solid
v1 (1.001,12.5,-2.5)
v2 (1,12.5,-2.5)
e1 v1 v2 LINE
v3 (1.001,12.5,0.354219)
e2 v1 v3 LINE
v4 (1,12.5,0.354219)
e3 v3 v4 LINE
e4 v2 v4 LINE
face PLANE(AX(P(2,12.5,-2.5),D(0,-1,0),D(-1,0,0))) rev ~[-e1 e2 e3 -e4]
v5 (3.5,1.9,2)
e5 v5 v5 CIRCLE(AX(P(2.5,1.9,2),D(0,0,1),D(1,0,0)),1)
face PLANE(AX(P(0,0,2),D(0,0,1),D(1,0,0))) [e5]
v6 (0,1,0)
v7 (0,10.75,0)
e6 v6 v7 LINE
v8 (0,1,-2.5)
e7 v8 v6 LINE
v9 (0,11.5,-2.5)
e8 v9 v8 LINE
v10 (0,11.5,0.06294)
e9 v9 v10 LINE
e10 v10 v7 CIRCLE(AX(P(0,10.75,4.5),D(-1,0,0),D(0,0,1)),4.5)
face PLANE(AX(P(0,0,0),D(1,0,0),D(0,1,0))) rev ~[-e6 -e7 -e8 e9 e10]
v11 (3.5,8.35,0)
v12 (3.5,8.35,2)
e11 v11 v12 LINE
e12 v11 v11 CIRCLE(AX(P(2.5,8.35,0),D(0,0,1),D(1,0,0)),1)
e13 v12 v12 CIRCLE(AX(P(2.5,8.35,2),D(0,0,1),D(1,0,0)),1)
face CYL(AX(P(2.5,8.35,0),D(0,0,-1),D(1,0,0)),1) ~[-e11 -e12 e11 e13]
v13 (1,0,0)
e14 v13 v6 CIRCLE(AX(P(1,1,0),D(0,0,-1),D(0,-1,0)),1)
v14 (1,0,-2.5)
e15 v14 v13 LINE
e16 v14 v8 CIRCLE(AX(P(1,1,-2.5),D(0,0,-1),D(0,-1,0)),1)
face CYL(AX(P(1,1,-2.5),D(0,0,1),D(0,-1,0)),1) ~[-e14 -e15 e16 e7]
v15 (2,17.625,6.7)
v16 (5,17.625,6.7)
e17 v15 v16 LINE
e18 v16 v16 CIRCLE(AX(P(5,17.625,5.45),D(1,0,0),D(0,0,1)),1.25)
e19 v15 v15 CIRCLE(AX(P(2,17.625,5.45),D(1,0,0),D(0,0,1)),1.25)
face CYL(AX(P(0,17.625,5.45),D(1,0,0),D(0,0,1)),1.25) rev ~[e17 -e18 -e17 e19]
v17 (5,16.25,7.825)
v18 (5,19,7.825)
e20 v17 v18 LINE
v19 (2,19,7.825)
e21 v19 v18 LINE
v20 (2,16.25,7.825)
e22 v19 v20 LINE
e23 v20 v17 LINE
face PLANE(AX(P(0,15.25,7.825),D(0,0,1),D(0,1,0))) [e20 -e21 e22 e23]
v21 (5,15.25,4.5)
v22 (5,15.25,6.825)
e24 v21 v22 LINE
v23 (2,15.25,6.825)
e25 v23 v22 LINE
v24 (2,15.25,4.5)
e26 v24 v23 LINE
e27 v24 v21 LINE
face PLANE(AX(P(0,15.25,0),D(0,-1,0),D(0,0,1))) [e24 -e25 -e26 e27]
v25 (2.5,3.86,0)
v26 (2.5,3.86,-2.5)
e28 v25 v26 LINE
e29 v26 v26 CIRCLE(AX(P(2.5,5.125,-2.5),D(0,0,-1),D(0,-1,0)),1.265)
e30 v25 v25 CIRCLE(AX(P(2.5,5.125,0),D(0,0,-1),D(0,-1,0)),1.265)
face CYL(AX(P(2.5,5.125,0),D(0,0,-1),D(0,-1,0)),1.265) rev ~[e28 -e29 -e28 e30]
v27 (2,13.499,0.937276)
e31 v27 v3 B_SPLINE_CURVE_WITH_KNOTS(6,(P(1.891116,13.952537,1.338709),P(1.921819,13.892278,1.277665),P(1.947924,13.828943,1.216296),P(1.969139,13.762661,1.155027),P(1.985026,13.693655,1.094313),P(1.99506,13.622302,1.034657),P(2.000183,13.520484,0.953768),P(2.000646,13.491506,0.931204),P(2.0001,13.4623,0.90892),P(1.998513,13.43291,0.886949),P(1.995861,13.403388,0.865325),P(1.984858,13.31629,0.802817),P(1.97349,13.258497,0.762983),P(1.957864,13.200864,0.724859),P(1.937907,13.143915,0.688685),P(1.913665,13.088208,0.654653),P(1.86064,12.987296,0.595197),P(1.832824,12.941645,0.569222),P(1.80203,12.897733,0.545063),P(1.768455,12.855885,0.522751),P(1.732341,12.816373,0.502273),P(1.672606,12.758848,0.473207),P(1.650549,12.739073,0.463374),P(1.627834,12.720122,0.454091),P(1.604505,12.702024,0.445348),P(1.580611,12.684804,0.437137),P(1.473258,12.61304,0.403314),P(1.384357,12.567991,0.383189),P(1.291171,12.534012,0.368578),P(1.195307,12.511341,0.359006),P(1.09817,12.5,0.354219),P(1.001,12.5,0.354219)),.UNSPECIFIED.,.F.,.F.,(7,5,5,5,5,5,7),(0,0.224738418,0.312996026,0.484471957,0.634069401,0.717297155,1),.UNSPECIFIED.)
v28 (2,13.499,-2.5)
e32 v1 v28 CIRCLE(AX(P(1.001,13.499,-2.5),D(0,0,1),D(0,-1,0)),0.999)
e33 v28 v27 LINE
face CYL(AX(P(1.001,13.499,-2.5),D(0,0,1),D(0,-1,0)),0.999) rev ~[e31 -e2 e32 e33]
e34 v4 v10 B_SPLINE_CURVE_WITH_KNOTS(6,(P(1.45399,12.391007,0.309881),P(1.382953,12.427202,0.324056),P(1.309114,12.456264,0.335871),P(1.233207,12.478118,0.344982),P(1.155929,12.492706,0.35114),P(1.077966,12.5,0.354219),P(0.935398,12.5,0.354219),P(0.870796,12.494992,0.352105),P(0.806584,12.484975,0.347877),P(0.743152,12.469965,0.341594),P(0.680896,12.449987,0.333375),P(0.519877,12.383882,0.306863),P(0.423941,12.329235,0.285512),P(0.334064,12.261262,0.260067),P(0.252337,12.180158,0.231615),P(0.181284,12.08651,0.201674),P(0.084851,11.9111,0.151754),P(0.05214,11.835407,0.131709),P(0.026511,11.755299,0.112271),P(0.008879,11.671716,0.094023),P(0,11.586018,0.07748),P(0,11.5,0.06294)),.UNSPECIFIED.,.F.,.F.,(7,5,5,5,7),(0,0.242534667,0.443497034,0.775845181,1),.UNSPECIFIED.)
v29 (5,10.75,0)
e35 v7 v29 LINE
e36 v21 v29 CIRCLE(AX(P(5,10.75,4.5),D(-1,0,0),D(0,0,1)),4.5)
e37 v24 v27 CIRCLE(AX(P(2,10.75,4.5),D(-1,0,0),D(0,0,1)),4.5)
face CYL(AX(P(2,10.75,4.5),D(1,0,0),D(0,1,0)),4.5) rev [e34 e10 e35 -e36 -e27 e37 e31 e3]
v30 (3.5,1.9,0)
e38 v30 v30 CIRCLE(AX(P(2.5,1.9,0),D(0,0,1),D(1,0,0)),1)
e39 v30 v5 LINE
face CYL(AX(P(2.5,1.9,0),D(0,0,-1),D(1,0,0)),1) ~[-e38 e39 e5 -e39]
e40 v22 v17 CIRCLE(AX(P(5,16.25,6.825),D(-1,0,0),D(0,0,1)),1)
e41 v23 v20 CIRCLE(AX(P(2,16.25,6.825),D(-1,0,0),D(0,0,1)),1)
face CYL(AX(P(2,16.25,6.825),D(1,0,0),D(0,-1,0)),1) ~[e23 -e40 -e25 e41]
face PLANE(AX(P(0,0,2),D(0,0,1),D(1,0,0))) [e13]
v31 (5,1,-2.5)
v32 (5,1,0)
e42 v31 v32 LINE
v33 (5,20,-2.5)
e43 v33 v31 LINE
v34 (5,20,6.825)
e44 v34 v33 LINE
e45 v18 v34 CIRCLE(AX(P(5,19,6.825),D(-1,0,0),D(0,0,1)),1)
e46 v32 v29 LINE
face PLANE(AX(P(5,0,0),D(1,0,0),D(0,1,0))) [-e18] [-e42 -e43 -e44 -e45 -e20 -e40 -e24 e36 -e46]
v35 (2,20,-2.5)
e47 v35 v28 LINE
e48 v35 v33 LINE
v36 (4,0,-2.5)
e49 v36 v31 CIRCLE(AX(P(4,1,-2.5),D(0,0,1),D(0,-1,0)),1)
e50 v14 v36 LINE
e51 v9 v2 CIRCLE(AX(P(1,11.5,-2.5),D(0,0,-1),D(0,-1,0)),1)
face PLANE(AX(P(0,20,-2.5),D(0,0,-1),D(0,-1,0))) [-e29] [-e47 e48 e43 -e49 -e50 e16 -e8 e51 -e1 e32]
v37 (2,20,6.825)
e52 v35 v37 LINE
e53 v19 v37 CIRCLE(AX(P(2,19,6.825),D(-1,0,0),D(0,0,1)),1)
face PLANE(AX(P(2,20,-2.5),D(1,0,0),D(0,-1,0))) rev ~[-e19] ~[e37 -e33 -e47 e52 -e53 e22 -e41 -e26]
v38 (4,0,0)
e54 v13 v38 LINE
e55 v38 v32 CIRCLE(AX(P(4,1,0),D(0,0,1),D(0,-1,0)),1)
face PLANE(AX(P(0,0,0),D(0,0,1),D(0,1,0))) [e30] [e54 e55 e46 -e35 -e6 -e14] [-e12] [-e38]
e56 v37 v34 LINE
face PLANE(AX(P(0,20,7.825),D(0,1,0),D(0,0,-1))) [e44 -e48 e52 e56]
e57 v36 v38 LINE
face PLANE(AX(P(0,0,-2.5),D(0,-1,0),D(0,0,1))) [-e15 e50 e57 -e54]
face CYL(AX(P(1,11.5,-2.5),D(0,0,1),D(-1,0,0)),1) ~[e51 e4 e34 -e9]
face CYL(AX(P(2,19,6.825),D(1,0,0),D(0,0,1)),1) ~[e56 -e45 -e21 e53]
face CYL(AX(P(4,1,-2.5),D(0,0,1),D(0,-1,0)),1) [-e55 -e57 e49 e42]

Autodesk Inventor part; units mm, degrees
ref_plane "YZ Plane" through (0, 0, 0) normal (1, 0, 0) x (0, 1, 0)
ref_plane "XZ Plane" through (0, 0, 0) normal (0, 1, 0) x (-1, 0, 0)
ref_plane "XY Plane" through (0, 0, 0) normal (0, 0, 1) x (1, 0, 0)
sketch "Sketch1" plane through (0, 0, 0) normal (1, 0, 0) x (0, 1, 0)
  line L0 (0, 0) -> (15.25, 0)
  line L1 (15.25, 0) -> (15.25, 7.825)
  line L2 (15.25, 7.825) -> (20, 7.825)
  line L3 (20, 7.825) -> (20, -2.5)
  line L4 (20, -2.5) -> (0, -2.5)
  line L5 (0, -2.5) -> (0, 0)
  point P0 (17.625, 5.45)
  dimension "d8" = 2.5
  dimension "d21" = 5.45
  dimension "d23" = 20
  dimension "d24" = 2.375
  dimension "d25" = 2.375
  dimension "d26" = 2.375
extrude "Extrusion1" add sketch "Sketch1" along normal blind 5
sketch "Sketch2" plane through (0, 0, 0) normal (0, 0, 1) x (1, 0, 0)
  line L0 (2.5, 1.9) -> (2.5, 8.35) construction
  line L1 (5, 15.25) -> (5, 0) construction
  line L2 (0, 0) -> (0, 15.25) construction
  circle A0 centre (2.5, 8.35) radius 1
  circle A1 centre (2.5, 1.9) radius 1
  line L3 (0, 0) -> (5, 0) projected
  line L4 (0, 15.25) -> (5, 15.25) projected
  point P0 (2.5, 5.125)
  dimension "d2" = 5
  dimension "d3" = 2.5
  dimension "d4" = 8.45
  dimension "d5" = 2
  dimension "d6" = 2
  dimension "d27" = 5.125
extrude "Extrusion2" add sketch "Sketch2" along normal blind 2
hole "Hole1" at (2.5, 5.125, 0) direction (0, 0, -1) diameter 2.53 end through all
fillet "Fillet1" radius 1 2 edges at (5, 0, -1.25) (0, 0, -1.25)
sketch "Sketch3" plane through (5, 20, -2.5) normal (0, 0, -1) x (-1, 0, 0)
  line L0 (5, 0) -> (5, -19) projected
  line L1 (5, 0) -> (3, 0)
  line L2 (3, 0) -> (3, -7.5)
  line L3 (3, -7.5) -> (5, -7.5)
  line L4 (5, -7.5) -> (5, 0)
  line L5 (0, -19) -> (0, 0) projected
  point P0 (5, -20)
  dimension "d28" = 3
  dimension "d29" = 7.5
extrude "Extrusion3" cut sketch "Sketch3" against normal up to surface (10.325 mm away)
hole "Hole2" at (0, 17.625, 5.45) direction (1, 0, 0) diameter 2.5 end through all
fillet "Fillet2" radius 1 4 edges at (0, 12.5, -1.25) (2, 12.5, -1.25) (3.5, 15.25, 7.825) (3.5, 20, 7.825)
fillet "Fillet2" radius 4.5 1 edges at (3.5, 15.25, 0)
equation "\"d26\" = d24"
equation "\"d3\" = 0.5 * d2"
equation "\"d6\" = d5"
properties part number "BR"
